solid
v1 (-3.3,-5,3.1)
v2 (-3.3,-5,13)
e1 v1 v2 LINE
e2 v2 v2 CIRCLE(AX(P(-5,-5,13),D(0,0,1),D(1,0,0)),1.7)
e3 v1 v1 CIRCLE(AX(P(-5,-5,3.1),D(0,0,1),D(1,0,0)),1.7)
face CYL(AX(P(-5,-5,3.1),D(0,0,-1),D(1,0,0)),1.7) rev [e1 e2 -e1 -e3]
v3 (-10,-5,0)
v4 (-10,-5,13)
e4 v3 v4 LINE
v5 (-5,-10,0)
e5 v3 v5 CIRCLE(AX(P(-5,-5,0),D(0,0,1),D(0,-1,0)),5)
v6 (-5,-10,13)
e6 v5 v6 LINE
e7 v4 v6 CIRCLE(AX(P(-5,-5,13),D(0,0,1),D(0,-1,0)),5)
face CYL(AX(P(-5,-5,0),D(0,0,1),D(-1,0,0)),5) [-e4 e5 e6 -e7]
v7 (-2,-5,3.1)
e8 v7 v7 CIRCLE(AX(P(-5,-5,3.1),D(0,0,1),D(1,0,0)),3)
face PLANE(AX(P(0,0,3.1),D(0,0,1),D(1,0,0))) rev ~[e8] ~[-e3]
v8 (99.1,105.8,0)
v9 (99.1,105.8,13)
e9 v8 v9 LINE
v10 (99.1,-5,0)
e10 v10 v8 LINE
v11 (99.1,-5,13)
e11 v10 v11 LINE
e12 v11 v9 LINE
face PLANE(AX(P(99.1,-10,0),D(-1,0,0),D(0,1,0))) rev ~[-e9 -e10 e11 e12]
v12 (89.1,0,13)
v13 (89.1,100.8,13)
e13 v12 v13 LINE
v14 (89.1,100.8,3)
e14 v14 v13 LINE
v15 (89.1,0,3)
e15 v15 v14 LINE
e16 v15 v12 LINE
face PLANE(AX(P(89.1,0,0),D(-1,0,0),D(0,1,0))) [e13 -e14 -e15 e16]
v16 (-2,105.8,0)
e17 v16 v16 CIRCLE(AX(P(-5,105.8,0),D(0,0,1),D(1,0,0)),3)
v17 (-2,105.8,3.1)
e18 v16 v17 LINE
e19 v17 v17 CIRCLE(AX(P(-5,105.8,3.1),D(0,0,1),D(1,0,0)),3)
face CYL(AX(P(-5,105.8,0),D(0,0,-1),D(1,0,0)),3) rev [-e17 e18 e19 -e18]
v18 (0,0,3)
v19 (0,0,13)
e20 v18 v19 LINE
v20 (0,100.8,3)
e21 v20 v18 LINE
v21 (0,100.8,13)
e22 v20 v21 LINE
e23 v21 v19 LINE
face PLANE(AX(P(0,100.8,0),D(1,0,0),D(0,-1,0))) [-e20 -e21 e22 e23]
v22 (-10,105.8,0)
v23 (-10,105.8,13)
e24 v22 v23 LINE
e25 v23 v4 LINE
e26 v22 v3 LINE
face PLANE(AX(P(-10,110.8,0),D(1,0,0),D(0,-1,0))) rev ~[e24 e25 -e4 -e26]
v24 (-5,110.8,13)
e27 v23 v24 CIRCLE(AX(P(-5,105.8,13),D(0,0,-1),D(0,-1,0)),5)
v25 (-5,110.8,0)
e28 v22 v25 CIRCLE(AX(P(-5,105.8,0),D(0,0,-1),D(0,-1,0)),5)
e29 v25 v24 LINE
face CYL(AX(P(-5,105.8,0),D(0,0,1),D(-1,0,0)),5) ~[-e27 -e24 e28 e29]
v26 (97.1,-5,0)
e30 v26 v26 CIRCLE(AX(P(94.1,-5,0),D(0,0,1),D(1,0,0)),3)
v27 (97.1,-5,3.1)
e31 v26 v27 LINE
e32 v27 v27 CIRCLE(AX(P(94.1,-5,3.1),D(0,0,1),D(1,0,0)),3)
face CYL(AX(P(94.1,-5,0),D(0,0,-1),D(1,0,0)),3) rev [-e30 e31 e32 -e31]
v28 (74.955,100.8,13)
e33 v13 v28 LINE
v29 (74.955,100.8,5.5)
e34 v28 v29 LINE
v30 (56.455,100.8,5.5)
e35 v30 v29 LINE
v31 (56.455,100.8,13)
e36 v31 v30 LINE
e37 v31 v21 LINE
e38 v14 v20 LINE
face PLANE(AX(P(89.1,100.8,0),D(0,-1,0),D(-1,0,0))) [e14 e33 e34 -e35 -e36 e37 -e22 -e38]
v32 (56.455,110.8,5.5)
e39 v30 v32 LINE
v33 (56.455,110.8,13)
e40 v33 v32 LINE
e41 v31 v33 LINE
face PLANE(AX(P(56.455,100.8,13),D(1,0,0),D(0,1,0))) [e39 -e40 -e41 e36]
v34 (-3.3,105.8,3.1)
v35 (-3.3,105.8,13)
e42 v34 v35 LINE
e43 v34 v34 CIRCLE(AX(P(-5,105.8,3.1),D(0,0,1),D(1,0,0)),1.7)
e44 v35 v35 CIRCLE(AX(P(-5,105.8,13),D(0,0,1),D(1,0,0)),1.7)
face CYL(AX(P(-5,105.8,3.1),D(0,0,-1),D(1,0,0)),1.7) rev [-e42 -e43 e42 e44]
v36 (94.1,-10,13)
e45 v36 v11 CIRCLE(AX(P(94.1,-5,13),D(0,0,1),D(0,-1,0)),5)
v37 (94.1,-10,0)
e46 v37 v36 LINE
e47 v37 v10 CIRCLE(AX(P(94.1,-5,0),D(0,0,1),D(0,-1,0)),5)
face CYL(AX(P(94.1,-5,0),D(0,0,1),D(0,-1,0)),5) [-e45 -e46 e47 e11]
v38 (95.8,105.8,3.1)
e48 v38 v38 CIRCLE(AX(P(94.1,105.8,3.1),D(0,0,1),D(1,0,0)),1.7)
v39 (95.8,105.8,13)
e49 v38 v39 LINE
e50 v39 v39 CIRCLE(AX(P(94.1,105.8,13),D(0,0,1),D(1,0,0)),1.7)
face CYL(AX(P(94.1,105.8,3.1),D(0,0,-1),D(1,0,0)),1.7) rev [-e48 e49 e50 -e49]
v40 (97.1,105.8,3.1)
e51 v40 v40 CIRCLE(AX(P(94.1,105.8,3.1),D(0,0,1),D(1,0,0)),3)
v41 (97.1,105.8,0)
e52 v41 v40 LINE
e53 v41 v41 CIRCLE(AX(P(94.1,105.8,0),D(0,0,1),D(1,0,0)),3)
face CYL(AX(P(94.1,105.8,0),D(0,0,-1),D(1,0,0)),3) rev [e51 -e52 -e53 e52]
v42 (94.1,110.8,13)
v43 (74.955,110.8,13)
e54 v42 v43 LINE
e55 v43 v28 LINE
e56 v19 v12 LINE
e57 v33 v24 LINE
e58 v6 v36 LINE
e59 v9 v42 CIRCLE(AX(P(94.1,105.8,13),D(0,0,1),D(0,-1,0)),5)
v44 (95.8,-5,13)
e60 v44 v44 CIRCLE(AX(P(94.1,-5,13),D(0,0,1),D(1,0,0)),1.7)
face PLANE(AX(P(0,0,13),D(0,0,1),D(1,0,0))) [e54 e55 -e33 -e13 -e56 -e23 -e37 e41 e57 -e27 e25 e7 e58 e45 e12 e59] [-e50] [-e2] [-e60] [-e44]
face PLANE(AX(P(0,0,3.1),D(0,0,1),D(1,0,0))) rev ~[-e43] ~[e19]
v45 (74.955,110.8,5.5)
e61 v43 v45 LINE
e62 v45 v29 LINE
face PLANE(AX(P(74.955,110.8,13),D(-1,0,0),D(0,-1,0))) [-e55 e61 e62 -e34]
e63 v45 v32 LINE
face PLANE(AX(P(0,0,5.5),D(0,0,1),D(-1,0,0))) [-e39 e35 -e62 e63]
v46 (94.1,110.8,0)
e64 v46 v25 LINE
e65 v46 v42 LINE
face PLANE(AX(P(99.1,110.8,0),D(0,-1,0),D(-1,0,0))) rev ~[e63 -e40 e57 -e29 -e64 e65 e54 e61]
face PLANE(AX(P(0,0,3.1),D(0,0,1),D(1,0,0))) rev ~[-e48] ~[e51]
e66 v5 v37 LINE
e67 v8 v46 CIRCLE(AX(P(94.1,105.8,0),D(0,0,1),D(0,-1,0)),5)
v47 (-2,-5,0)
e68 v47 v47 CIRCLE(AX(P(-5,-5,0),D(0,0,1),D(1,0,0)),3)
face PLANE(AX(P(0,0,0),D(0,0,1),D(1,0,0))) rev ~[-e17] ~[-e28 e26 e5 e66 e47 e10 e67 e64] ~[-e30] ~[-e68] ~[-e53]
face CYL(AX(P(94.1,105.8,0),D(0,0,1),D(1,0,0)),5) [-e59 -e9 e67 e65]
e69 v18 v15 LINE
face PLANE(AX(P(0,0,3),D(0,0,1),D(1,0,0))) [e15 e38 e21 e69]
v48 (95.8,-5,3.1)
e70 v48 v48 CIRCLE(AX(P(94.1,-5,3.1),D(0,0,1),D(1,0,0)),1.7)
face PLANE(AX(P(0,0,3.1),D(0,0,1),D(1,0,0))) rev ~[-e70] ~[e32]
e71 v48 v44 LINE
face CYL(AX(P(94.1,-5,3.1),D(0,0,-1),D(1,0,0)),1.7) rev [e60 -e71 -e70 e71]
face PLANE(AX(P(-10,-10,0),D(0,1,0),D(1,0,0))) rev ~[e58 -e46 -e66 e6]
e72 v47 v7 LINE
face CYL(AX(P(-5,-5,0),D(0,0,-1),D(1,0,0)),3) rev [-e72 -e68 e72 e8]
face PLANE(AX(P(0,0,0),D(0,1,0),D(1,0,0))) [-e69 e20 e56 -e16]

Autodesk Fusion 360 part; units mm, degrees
sketch "Schizzo1" plane through (0, 0, 0) normal (0, 0, 1) x (1, 0, 0)
  line L0 (0, 0) -> (89.1, 0)
  line L1 (89.1, 0) -> (89.1, 100.8)
  line L2 (89.1, 100.8) -> (0, 100.8)
  line L3 (0, 100.8) -> (0, 0)
  line L4 (-10, -10) -> (99.1, -10)
  line L5 (99.1, -10) -> (99.1, 110.8)
  line L6 (99.1, 110.8) -> (-10, 110.8)
  line L7 (-10, 110.8) -> (-10, -10)
  circle A0 centre (94.1, 105.8) radius 1.7
  circle A1 centre (94.1, 105.8) radius 3
  circle A2 centre (94.1, -5) radius 1.7
  circle A3 centre (94.1, -5) radius 3
  circle A4 centre (-5, -5) radius 1.7
  circle A5 centre (-5, -5) radius 3
  circle A6 centre (-5, 105.8) radius 1.7
  circle A7 centre (-5, 105.8) radius 3
  dimension "d5" = 10
  dimension "d6" = 10
  dimension "d7" = 109.1
  dimension "d8" = 89.1
  dimension "d9" = 100.8
  dimension "d10" = 120.8
  dimension "d11" = 3.4
  dimension "d14" = 6
  dimension "d15" = 3.4
  dimension "d18" = 5
  dimension "d19" = 5
  dimension "d20" = 5
  dimension "d21" = 5
  dimension "d22" = 6
  dimension "d23" = 3.4
  dimension "d24" = 5
  dimension "d25" = 5
  dimension "d26" = 6
  dimension "d27" = 3.4
  dimension "d28" = 5
  dimension "d29" = 5
  dimension "d30" = 6
extrude "Estrusione1" add sketch "Schizzo1" along normal blind 9.9 from surface at 3.1 contours A1 | A3 | A5 | A7 makes body 1 at (94.9125, -2.1121, 9.7) makes body 2 at (-2.0037, -5.1495, 9.7) makes body 3 at (92.0053, 103.6524, 9.7) makes body 4 at (-2.1809, 104.7739, 9.7)
extrude "Estrusione2" add sketch "Schizzo1" along normal blind 13 contours L4 L5 L6 L7 bodies 1 2 3 4
extrude "Estrusione3" add sketch "Schizzo1" along normal blind 3 contours L0 L1 L2 L3 bodies 1
sketch "Schizzo2" plane through (0, 0, 13) normal (0, 0, 1) x (-1, 0, 0)
  circle A0 centre (-94.1, 5) radius 1.7
  circle A1 centre (5, -105.8) radius 1.7
  line L0 (0, 0) -> (0, -100.8)
  line L1 (0, -100.8) -> (-89.1, -100.8)
  line L2 (-89.1, -100.8) -> (-89.1, 0)
  line L3 (-89.1, 0) -> (0, 0)
  line L4 (10, -110.8) -> (10, 10)
  line L5 (10, 10) -> (-99.1, 10)
  line L6 (-99.1, 10) -> (-99.1, -110.8)
  line L7 (-99.1, -110.8) -> (10, -110.8)
  circle A2 centre (5, 5) radius 1.7
  circle A3 centre (-94.1, -105.8) radius 1.7
  line L8 (-56.455, -110.8) -> (-74.955, -110.8)
  line L9 (-74.955, -110.8) -> (-74.955, -100.8)
  line L10 (-74.955, -100.8) -> (-56.455, -100.8)
  line L11 (-56.455, -100.8) -> (-56.455, -110.8)
  line L12 (10, -110.8) -> (10, 10)
  dimension "d38" = 18.5
  dimension "d39" = 66.455
extrude "Estrusione4" cut sketch "Schizzo2" against normal blind 7.5 contours L1 L7 L8 L9 L10 L11 bodies 1
fillet "Raccordo1" radius 5 4 edges at (99.1, -10, 6.5) (-10, -10, 6.5) (99.1, 110.8, 6.5) (-10, 110.8, 6.5) on bodies 1
